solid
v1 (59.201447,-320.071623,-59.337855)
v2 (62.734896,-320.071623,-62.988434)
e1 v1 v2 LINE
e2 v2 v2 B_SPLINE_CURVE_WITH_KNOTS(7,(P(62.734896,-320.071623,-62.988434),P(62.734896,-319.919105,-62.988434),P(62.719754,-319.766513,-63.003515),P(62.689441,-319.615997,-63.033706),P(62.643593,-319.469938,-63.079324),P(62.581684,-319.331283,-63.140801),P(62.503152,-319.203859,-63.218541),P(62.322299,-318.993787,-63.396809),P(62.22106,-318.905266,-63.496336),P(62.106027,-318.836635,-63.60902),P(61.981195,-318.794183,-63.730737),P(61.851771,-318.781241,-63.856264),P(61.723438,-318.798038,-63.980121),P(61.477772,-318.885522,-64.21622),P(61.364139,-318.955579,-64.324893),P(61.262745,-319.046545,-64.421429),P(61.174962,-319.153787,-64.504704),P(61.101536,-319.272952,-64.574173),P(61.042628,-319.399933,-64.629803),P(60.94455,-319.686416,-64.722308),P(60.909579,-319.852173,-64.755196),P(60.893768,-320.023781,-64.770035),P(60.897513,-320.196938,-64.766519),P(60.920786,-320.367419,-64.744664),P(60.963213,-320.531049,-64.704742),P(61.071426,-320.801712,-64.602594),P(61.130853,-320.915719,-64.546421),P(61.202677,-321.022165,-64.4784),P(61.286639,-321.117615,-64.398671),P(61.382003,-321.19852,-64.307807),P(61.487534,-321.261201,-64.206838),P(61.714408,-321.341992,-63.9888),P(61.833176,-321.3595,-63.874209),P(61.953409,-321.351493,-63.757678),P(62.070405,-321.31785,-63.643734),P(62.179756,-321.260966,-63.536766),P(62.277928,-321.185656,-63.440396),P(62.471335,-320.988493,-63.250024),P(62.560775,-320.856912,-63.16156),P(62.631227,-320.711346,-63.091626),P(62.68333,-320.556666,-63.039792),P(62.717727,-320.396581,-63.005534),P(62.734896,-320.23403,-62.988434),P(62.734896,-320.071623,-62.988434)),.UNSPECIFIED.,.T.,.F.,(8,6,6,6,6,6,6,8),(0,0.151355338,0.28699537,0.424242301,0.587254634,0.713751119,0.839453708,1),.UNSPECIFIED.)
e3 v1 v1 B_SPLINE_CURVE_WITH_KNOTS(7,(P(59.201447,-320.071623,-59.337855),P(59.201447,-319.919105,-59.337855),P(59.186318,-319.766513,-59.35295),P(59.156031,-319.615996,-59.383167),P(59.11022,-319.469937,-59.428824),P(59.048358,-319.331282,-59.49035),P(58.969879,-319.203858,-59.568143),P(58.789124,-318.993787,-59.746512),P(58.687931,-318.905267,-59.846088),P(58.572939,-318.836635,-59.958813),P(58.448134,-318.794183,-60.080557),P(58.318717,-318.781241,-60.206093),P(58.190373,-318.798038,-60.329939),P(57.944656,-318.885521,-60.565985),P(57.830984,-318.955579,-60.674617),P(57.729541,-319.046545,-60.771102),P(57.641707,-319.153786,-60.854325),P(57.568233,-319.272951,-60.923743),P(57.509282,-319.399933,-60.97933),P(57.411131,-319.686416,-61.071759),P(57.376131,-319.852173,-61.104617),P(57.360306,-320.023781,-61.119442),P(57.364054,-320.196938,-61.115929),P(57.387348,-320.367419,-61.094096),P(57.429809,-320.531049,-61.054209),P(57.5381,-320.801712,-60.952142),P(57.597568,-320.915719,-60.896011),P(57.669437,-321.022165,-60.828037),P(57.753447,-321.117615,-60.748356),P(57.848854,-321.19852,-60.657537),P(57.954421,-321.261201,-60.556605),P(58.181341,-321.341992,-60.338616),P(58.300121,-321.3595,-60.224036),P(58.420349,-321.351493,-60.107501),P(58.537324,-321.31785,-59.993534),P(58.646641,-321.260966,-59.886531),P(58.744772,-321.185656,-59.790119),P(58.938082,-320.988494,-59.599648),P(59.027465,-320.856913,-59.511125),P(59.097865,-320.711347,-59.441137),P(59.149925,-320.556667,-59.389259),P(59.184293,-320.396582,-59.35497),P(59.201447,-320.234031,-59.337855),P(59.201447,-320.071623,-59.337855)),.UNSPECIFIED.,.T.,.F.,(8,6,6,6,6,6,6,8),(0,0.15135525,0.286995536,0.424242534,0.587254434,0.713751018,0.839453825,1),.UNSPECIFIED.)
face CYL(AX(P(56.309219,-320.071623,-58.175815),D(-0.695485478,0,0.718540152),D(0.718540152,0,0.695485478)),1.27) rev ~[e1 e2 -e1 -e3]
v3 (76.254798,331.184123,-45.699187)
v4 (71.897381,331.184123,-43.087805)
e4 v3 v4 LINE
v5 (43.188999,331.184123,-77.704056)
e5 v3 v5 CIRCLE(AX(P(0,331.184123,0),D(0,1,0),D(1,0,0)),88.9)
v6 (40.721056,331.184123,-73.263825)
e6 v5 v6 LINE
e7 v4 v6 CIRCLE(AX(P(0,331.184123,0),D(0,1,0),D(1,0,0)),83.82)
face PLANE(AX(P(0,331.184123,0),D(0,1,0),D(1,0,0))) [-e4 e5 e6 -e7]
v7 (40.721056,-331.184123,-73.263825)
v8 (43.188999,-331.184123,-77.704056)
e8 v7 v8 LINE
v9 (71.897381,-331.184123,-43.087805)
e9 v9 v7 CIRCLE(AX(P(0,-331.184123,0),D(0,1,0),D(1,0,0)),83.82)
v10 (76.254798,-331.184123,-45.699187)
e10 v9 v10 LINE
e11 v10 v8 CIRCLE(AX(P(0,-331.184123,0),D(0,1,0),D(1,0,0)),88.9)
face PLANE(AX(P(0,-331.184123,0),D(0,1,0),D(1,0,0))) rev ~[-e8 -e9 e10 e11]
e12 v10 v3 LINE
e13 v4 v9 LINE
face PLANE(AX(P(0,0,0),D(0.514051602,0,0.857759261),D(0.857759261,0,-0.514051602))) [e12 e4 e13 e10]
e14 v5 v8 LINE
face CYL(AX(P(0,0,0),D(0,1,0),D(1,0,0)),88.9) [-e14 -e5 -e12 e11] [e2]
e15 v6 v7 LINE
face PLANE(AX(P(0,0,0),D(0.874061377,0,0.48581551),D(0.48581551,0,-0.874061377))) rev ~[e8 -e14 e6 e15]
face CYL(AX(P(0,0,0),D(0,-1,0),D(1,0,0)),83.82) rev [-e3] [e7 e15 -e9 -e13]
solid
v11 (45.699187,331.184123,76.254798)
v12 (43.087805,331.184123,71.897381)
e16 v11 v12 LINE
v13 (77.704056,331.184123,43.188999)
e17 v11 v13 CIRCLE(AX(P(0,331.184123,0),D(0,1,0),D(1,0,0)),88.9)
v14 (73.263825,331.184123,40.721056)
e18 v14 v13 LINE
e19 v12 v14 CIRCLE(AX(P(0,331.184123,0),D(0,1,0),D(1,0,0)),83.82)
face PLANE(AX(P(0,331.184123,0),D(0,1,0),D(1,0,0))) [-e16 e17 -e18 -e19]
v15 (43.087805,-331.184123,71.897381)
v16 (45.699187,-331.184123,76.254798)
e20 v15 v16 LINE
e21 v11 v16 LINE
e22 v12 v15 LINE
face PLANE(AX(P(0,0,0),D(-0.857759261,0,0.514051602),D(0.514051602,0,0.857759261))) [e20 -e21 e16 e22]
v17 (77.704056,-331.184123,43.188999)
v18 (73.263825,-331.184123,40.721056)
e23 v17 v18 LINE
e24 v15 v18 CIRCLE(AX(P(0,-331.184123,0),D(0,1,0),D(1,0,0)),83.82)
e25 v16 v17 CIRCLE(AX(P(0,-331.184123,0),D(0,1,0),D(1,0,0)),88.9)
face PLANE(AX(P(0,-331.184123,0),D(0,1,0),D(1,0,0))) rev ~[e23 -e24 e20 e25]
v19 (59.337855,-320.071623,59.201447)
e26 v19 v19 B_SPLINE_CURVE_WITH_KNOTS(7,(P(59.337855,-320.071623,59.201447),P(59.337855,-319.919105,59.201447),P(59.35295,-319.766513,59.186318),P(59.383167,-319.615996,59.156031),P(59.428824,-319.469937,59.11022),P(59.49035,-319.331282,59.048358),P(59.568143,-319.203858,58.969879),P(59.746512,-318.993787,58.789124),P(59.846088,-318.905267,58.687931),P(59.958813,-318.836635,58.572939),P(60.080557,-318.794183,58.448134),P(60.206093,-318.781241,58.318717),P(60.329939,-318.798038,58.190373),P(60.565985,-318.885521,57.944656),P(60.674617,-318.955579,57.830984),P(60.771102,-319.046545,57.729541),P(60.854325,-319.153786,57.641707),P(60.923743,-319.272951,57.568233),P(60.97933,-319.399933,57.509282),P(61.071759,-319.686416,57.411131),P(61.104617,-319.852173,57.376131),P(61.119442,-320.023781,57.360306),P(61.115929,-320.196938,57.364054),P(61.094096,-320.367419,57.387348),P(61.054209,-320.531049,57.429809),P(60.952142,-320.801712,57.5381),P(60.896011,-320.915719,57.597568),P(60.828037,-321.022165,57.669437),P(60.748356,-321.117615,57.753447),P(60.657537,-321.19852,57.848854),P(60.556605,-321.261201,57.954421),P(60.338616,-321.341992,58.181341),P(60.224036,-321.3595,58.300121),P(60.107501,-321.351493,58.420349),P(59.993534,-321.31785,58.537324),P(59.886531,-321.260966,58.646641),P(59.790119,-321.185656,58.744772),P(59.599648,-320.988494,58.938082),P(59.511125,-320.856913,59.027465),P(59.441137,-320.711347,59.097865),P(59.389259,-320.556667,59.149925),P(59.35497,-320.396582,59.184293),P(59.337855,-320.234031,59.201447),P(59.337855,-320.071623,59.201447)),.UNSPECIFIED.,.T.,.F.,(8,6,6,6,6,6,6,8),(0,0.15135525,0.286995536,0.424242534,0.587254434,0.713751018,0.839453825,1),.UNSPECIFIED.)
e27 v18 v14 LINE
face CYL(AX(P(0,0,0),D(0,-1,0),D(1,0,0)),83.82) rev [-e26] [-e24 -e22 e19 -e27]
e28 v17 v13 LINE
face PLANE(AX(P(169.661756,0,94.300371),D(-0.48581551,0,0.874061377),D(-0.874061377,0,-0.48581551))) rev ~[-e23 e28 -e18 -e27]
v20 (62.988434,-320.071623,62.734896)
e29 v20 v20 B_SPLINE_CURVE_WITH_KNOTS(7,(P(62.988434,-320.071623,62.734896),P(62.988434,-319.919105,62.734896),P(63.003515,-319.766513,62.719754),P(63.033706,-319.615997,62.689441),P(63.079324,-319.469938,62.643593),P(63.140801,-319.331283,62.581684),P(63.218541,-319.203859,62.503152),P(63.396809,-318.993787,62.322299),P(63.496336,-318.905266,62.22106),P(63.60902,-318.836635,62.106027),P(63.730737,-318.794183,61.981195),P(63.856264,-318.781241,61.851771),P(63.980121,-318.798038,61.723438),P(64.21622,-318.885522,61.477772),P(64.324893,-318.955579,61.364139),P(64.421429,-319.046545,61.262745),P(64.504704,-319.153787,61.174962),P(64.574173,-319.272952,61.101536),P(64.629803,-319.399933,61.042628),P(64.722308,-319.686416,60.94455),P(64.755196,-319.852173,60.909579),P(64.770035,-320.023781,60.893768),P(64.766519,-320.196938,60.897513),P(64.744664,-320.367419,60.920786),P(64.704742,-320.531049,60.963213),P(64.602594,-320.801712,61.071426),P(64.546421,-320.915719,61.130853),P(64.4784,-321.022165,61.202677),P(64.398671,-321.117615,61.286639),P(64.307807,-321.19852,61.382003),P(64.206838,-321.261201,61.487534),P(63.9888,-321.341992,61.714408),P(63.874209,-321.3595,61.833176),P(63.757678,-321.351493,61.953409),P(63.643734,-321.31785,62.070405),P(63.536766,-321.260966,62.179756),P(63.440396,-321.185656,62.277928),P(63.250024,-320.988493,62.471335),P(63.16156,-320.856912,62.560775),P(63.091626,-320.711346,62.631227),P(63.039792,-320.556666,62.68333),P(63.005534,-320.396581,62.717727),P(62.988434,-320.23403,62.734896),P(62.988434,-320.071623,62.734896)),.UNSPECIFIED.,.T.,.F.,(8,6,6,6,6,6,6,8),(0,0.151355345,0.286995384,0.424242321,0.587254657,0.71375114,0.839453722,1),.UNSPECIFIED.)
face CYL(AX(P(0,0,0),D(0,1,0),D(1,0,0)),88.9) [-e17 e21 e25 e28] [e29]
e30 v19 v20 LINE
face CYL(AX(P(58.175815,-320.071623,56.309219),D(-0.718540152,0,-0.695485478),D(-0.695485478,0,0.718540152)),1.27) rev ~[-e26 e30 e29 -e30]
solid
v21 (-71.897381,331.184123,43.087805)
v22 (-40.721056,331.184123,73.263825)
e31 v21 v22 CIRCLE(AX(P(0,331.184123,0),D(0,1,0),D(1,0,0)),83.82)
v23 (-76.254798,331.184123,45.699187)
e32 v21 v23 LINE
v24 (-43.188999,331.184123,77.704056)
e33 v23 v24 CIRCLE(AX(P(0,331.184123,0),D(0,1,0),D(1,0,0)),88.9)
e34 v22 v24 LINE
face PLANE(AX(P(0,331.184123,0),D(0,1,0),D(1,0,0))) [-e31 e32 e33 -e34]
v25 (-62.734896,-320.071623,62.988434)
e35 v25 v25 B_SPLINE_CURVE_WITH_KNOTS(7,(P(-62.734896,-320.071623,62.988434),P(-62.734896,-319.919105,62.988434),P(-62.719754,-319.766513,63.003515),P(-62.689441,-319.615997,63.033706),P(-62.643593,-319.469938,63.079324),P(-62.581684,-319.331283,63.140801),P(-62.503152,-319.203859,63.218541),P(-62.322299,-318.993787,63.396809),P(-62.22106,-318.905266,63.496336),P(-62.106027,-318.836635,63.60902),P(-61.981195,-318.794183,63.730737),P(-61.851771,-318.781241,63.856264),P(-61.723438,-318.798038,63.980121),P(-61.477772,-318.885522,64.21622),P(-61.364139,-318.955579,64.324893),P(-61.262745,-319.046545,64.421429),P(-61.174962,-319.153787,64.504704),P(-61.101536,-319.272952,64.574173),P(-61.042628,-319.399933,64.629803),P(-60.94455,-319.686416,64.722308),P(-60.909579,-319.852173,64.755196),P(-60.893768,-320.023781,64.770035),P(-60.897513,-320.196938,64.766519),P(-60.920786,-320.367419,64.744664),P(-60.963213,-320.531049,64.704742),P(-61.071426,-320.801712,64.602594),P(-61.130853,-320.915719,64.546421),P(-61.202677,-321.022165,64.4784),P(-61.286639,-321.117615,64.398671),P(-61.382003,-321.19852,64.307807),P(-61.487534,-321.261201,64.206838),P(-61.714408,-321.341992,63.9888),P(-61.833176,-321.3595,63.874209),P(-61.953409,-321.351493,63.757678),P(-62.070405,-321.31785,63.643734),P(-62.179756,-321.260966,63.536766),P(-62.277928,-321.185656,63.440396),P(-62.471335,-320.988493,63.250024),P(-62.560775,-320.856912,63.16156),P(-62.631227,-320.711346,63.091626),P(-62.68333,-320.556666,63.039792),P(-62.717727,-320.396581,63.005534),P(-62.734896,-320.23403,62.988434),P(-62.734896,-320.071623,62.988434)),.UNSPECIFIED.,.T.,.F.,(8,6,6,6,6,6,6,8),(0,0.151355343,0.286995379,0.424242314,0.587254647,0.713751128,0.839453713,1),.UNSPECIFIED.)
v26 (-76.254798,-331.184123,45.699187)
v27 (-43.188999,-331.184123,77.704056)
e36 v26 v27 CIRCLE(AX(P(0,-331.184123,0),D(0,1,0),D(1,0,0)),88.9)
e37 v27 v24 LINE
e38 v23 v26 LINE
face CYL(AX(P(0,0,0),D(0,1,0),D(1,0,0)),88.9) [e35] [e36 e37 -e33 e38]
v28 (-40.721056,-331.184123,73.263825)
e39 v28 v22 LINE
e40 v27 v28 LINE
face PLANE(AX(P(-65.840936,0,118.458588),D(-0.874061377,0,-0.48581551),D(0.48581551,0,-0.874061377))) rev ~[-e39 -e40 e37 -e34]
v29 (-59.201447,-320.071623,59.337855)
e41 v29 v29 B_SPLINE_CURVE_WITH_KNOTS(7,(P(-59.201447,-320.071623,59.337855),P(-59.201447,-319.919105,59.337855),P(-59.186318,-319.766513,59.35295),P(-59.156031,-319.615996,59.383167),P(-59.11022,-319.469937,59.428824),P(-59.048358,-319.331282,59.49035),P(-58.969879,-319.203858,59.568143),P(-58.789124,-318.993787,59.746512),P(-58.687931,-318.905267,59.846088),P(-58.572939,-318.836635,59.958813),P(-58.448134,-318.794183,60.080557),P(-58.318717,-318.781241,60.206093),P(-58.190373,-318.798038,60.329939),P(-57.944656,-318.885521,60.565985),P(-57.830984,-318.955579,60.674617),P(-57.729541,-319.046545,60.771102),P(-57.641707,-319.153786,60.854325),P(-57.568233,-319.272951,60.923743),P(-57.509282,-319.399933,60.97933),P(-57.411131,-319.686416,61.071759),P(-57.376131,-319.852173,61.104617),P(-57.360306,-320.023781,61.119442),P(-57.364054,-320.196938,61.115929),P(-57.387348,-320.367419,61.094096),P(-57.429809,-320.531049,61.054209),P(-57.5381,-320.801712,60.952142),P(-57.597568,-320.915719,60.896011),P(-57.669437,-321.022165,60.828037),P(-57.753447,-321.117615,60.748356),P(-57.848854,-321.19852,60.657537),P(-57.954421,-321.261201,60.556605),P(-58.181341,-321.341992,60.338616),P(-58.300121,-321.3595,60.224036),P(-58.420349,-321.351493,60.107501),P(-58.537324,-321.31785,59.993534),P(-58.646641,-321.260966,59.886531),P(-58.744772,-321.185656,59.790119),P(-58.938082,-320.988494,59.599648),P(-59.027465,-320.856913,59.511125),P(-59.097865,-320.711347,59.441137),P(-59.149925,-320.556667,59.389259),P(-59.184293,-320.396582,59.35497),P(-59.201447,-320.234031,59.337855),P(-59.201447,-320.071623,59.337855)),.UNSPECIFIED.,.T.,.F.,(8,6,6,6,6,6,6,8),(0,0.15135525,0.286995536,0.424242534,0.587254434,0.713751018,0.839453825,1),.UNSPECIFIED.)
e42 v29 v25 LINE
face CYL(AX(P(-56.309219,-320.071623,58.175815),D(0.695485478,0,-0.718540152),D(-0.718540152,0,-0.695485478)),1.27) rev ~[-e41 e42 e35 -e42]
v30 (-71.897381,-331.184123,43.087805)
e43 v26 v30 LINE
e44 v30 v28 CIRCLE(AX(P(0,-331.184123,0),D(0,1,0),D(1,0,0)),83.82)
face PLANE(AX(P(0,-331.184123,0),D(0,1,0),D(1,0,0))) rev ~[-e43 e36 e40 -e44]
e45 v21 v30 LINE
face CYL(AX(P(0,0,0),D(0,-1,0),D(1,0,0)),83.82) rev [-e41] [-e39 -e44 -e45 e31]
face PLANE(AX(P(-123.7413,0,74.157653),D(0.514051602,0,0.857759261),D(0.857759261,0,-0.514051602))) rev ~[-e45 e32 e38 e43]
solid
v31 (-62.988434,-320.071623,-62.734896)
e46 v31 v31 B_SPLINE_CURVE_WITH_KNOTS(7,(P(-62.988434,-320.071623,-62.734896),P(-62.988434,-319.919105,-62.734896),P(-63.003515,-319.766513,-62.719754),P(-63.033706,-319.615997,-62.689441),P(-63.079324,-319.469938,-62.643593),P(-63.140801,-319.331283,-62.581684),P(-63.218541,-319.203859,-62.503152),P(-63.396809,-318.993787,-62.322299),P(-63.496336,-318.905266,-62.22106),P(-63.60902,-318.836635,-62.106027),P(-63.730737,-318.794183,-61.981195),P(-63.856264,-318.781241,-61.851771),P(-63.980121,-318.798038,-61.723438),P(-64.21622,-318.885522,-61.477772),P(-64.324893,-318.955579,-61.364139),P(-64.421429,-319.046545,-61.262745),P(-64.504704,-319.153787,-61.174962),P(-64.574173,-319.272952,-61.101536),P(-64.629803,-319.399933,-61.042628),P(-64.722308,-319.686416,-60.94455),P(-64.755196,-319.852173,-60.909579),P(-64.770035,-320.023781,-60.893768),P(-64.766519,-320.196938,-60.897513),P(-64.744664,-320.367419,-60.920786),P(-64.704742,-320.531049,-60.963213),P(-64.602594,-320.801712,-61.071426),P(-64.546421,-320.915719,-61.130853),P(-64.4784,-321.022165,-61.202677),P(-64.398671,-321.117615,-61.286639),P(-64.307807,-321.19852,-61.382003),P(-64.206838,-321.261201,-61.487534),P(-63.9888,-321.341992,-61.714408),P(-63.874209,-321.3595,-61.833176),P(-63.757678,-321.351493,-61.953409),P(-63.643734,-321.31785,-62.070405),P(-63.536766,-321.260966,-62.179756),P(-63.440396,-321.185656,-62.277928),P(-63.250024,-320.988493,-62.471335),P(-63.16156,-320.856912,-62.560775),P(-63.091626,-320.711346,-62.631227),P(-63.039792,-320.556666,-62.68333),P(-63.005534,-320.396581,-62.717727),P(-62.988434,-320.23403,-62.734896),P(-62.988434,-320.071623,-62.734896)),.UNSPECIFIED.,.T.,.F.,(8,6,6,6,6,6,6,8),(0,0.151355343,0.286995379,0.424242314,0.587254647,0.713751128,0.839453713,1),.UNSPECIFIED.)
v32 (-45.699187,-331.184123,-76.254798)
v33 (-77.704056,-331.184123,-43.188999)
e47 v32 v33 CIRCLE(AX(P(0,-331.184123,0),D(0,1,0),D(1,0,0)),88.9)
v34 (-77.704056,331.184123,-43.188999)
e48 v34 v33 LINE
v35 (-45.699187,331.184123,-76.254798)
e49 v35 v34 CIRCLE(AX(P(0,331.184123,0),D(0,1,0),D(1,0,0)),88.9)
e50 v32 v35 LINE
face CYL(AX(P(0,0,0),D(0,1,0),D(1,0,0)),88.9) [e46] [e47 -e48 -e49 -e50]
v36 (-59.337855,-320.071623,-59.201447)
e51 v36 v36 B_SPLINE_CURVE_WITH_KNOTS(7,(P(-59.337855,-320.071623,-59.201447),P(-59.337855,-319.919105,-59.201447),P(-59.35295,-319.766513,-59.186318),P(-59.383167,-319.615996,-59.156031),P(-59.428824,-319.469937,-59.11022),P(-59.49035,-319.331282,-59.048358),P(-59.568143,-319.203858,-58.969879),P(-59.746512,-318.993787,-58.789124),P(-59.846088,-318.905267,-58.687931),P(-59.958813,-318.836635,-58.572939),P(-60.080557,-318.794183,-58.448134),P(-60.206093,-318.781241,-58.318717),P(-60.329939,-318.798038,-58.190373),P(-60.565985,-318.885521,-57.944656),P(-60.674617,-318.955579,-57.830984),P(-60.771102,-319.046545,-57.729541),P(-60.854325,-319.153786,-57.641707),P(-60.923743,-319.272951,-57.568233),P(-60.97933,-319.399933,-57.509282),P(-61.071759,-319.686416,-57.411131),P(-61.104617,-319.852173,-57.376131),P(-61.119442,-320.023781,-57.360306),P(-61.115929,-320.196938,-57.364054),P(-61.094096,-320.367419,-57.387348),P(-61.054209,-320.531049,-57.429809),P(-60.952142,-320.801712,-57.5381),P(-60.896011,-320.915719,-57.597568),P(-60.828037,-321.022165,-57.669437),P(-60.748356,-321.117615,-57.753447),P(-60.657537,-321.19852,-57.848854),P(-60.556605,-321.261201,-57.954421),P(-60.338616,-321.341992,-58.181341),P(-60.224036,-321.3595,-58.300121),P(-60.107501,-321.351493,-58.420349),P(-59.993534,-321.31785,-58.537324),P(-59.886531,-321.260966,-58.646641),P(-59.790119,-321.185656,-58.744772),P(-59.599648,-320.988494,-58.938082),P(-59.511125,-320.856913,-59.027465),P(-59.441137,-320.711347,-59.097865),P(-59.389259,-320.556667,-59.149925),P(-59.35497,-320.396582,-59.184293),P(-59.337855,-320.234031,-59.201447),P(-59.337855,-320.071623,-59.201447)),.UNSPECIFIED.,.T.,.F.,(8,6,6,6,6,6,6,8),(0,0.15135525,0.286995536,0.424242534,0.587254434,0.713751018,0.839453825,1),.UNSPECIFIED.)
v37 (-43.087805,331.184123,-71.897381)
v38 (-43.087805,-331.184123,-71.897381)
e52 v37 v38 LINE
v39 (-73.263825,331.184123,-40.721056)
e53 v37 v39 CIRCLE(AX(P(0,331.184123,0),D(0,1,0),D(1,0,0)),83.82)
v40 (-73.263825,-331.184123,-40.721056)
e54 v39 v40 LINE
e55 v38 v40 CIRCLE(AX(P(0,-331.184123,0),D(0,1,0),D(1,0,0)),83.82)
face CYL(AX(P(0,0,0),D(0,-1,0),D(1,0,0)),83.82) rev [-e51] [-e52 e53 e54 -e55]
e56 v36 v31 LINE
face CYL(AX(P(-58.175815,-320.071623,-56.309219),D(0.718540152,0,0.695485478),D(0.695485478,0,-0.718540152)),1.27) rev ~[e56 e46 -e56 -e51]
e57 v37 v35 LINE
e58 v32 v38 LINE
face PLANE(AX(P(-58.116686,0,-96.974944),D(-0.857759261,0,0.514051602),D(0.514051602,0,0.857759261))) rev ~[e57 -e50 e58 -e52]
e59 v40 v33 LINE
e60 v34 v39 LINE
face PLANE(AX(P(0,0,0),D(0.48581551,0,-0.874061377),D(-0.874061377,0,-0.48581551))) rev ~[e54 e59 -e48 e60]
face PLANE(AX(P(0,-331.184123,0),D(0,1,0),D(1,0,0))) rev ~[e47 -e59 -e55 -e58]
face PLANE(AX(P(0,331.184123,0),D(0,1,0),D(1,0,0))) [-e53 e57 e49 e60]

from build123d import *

# Parameters (mm, degrees)
SKETCH2_R               = 88.9
SKETCH2_R_2             = 83.82
BOSS_EXTRUDE1_DEPTH     = 331.184123
CUT_EXTRUDE1_DEPTH      = 332.184123
CUT_EXTRUDE1_DEPTH_BACK = 332.184123
SKETCH5_R               = 1.27
BOLT_HOLES_DEPTH        = 29.911624556
BOLT_PATTERN_COUNT      = 4


with BuildPart() as part:
    # Sketch2 → Boss-Extrude1 (new body, symmetric)
    with BuildSketch(Plane(origin=(0, 0, 0), x_dir=(1, 0, 0), z_dir=(0, 1, 0))):
        Circle(SKETCH2_R)
        Circle(SKETCH2_R_2, mode=Mode.SUBTRACT)
    extrude(amount=BOSS_EXTRUDE1_DEPTH, both=True)

    # Sketch3 → Cut-Extrude1 (cut, two sides)
    with BuildSketch(Plane(origin=(0, 0, 0), x_dir=(1, 0, 0), z_dir=(0, 1, 0))) as cut_extrude1_sk:
        Polygon((169.661755759, -94.300371224), (0, 0), (169.661755759, 101.677593364), align=None)
        Polygon((0, 0), (53.900027233, 96.974944394), (-58.116685864, 96.974944394), align=None)
        Polygon((-123.741299607, 68.777140945), (-123.741299607, -74.157652604), (0, 0), align=None)
        Polygon((-65.840936026, -118.45858783), (0, 0), (70.991745134, -118.45858783), align=None)
    extrude(amount=CUT_EXTRUDE1_DEPTH, mode=Mode.SUBTRACT)
    extrude(cut_extrude1_sk.sketch, amount=-CUT_EXTRUDE1_DEPTH_BACK, mode=Mode.SUBTRACT)

    # Sketch5 → Bolt holes (cut, through all)
    with BuildSketch(Plane(origin=(-56.309218645, 0, 58.175814955), x_dir=(-0.718540152, 0, -0.695485478), z_dir=(0.695485478, 0, -0.718540152))):
        with Locations((0, -320.071623)):
            Circle(SKETCH5_R)
    bolt_holes = extrude(amount=-BOLT_HOLES_DEPTH, mode=Mode.SUBTRACT)

    # Bolt pattern: Bolt holes ×4 about axis
    bolt_pattern_axis = Axis((0, 331.184123, 0), (0, 1, 0))
    for i in range(1, BOLT_PATTERN_COUNT):
        add(bolt_holes.rotate(bolt_pattern_axis, i * 360 / BOLT_PATTERN_COUNT), mode=Mode.SUBTRACT)


solid = part.part
